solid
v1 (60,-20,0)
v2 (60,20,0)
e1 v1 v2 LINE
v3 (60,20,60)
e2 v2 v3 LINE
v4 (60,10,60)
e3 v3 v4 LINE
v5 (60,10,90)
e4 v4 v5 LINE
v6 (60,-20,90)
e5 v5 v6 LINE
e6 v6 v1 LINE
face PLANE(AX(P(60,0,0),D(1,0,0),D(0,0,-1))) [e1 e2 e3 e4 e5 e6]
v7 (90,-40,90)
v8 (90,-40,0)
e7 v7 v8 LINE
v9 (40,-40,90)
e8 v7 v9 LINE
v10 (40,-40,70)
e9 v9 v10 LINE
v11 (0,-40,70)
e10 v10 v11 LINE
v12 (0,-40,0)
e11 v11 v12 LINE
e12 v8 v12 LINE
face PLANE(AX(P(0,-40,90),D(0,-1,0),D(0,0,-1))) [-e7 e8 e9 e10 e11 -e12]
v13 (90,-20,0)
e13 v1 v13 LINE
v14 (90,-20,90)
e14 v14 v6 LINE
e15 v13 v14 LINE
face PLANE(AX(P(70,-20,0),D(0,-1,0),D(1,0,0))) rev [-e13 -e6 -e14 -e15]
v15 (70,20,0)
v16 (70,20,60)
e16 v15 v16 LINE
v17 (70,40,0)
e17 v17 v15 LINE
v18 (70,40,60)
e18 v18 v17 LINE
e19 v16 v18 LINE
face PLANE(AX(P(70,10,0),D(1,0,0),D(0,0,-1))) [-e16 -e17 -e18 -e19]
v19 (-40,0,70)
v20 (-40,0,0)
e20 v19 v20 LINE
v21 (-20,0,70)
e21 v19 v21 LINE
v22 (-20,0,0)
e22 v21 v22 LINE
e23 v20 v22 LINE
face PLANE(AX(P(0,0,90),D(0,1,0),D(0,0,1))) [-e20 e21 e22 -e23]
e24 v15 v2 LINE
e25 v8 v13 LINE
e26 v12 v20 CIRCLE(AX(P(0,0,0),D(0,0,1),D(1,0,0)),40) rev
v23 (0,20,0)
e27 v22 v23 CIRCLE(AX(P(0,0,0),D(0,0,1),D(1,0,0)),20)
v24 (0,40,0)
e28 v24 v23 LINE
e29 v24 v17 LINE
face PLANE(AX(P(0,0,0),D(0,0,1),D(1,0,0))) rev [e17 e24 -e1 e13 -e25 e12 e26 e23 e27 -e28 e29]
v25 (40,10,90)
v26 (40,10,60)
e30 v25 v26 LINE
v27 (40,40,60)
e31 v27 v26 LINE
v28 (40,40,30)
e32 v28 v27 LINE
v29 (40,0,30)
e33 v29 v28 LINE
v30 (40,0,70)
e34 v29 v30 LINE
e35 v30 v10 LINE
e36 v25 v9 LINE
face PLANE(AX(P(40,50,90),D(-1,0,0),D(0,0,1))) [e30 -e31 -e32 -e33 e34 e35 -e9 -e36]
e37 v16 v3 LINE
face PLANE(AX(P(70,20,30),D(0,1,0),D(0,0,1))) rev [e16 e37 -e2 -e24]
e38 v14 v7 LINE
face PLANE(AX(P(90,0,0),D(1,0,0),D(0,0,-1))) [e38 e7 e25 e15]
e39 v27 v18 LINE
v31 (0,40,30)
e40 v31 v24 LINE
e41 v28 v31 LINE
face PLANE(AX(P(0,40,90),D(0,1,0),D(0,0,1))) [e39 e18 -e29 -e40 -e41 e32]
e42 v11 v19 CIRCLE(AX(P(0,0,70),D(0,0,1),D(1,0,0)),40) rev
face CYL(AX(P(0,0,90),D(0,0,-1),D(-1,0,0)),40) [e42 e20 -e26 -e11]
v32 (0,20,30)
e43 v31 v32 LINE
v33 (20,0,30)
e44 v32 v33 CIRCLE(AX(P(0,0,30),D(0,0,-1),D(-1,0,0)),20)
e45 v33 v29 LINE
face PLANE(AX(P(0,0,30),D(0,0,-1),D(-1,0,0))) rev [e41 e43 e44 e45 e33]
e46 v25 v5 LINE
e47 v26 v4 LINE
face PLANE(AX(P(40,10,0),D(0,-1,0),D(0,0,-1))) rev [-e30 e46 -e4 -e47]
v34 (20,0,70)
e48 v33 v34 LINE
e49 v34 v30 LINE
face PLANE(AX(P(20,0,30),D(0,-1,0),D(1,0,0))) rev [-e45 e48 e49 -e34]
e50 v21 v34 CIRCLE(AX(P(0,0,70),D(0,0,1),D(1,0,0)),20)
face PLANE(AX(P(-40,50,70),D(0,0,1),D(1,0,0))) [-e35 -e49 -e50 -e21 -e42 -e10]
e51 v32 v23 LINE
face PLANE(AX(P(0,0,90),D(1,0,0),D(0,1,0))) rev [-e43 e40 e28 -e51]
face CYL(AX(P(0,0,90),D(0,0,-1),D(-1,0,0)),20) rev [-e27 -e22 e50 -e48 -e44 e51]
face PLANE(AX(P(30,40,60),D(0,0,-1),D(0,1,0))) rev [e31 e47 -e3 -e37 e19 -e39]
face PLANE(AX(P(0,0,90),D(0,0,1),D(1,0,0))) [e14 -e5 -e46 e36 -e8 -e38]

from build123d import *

# Parameters (mm, degrees)
BOSS_EXTRUDE1_DEPTH  = 90
SKETCH2_W            = 30
SKETCH2_H            = 40
CUT_EXTRUDE1_DEPTH   = 90
SKETCH3_W            = 20
SKETCH3_H            = 20
CUT_EXTRUDE2_DEPTH   = 90
SKETCH4_W            = 80
SKETCH4_H            = 20
CUT_EXTRUDE3_DEPTH   = 90
SKETCH5_W            = 30
SKETCH5_H            = 30
CUT_EXTRUDE4_DEPTH   = 90
CUT_EXTRUDE6_DEPTH   = 40
BOSS_EXTRUDE6_DEPTH  = 30
CUT_EXTRUDE7_DEPTH   = 20
SKETCH12_W           = 10
SKETCH12_H           = 30
CUT_EXTRUDE8_DEPTH   = 20
SKETCH13_W           = 20
SKETCH13_H           = 30
CUT_EXTRUDE9_DEPTH   = 20
SKETCH14_W           = 21.421822341
SKETCH14_H           = 40
BOSS_EXTRUDE7_DEPTH  = 10
SKETCH16_W           = 20
SKETCH16_H           = 60
BOSS_EXTRUDE8_DEPTH  = 30
SKETCH17_W           = 30
SKETCH17_H           = 30
CUT_EXTRUDE10_DEPTH  = 20
SKETCH18_W           = 90
SKETCH18_H           = 30
BOSS_EXTRUDE9_DEPTH  = 10
SKETCH19_W           = 90
SKETCH19_H           = 20
BOSS_EXTRUDE10_DEPTH = 20
SKETCH21_W           = 10.0001
SKETCH21_H           = 30
BOSS_EXTRUDE13_DEPTH = 30
SKETCH22_W           = 10
SKETCH22_H           = 30
CUT_EXTRUDE13_DEPTH  = 29.999
SKETCH23_W           = 30
SKETCH23_H           = 29.999
CUT_EXTRUDE14_DEPTH  = 1
SKETCH24_W           = 10.0001
SKETCH24_H           = 30
CUT_EXTRUDE15_DEPTH  = 1
SKETCH25_W           = 10
SKETCH25_H           = 30
CUT_EXTRUDE16_DEPTH  = 10
SKETCH27_W           = 10
SKETCH27_H           = 10
CUT_EXTRUDE18_DEPTH  = 30
SKETCH30_W           = 20
SKETCH30_H           = 20
BOSS_EXTRUDE16_DEPTH = 30
SKETCH31_W           = 30
SKETCH31_H           = 20
BOSS_EXTRUDE17_DEPTH = 10


with BuildPart() as part:
    # Sketch1 → Boss-Extrude1 (new body)
    with BuildSketch(Plane.XY):
        with BuildLine():
            ThreePointArc((0, -40), (40, 0), (0, 40))
            Line((0, 40), (0, 20))
            ThreePointArc((0, 20), (14.142135624, 14.142135624), (20, 0))
            ThreePointArc((20, 0), (0, -20), (-20, 0))
            Line((-20, 0), (-40, 0))
            ThreePointArc((-40, 0), (-28.284271247, -28.284271247), (0, -40))
        make_face()
        with BuildLine():
            Line((70, 40), (0, 40))
            ThreePointArc((0, 40), (40, 0), (0, -40))
            Line((0, -40), (70, -40))
            Line((70, -40), (70, 40))
        make_face()
    extrude(amount=BOSS_EXTRUDE1_DEPTH)

    # Sketch2 → Cut-Extrude1 (cut)
    with BuildSketch(Plane.XY.offset(90)):
        with Locations((55, 0)):
            Rectangle(SKETCH2_W, SKETCH2_H)
    extrude(amount=-CUT_EXTRUDE1_DEPTH, mode=Mode.SUBTRACT)

    # Sketch3 → Cut-Extrude2 (cut)
    with BuildSketch(Plane.XY.offset(90)):
        with Locations((60, 30)):
            Rectangle(SKETCH3_W, SKETCH3_H)
    extrude(amount=-CUT_EXTRUDE2_DEPTH, mode=Mode.SUBTRACT)

    # Sketch4 → Cut-Extrude3 (cut)
    with BuildSketch(Plane(origin=(0, -40, 0), x_dir=(1, 0, 0), z_dir=(0, 1, 0))):
        with Locations((0, -80)):
            Rectangle(SKETCH4_W, SKETCH4_H)
    extrude(amount=CUT_EXTRUDE3_DEPTH, mode=Mode.SUBTRACT)

    # Sketch5 → Cut-Extrude4 (cut)
    with BuildSketch(Plane(origin=(0, 0, 0), x_dir=(0, 0, -1), z_dir=(1, 0, 0))):
        with Locations((-85, 25)):
            Rectangle(SKETCH5_W, SKETCH5_H)
    extrude(amount=CUT_EXTRUDE4_DEPTH, mode=Mode.SUBTRACT)

    # Sketch7 → Cut-Extrude6 (cut)
    with BuildSketch(Plane.XY.offset(70)):
        with BuildLine():
            Line((20, 0), (40, 0))
            Line((40, 0), (40, 40))
            Line((40, 40), (0, 40))
            Line((0, 40), (0, 20))
            ThreePointArc((0, 20), (14.142135624, 14.142135624), (20, 0))
        make_face()
    extrude(amount=-CUT_EXTRUDE6_DEPTH, mode=Mode.SUBTRACT)

    # Sketch10 → Boss-Extrude6 (add)
    with BuildSketch(Plane(origin=(70, 0, 0), x_dir=(0, 0, -1), z_dir=(1, 0, 0))):
        Polygon((-70, 20), (-70, 10), (-90, 10), (-90, -20), (-37.089362558, -20), (-21.421822341, -20), (-21.421822341, 20), align=None)
    extrude(amount=-BOSS_EXTRUDE6_DEPTH)

    # Sketch11 → Cut-Extrude7 (cut)
    with BuildSketch(Plane(origin=(70, 0, 0), x_dir=(0, 0, -1), z_dir=(1, 0, 0))):
        Polygon((-21.421822341, -20), (-70, -20), (-70, 10), (-70, 20), (-21.421822341, 20), align=None)
    extrude(amount=-CUT_EXTRUDE7_DEPTH, mode=Mode.SUBTRACT)

    # Sketch12 → Cut-Extrude8 (cut)
    with BuildSketch(Plane(origin=(50, 0, 0), x_dir=(0, 0, -1), z_dir=(1, 0, 0))):
        with Locations((-65, 25)):
            Rectangle(SKETCH12_W, SKETCH12_H)
    extrude(amount=-CUT_EXTRUDE8_DEPTH, mode=Mode.SUBTRACT)

    # Sketch13 → Cut-Extrude9 (cut)
    with BuildSketch(Plane(origin=(0, 0, 70), x_dir=(-1, 0, 0), z_dir=(0, 0, -1))):
        with Locations((-60, -5)):
            Rectangle(SKETCH13_W, SKETCH13_H)
    extrude(amount=-CUT_EXTRUDE9_DEPTH, mode=Mode.SUBTRACT)

    # Sketch14 → Boss-Extrude7 (add)
    with BuildSketch(Plane(origin=(40, 0, 0), x_dir=(0, 0, -1), z_dir=(1, 0, 0))):
        with Locations((-10.710911171, 0)):
            Rectangle(SKETCH14_W, SKETCH14_H)
    extrude(amount=BOSS_EXTRUDE7_DEPTH)

    # Sketch16 → Boss-Extrude8 (add)
    with BuildSketch(Plane(origin=(0, 40, 0), x_dir=(1, 0, 0), z_dir=(0, 1, 0))):
        with Locations((60, -30)):
            Rectangle(SKETCH16_W, SKETCH16_H)
    extrude(amount=-BOSS_EXTRUDE8_DEPTH)

    # Sketch17 → Cut-Extrude10 (cut)
    with BuildSketch(Plane(origin=(70, 0, 0), x_dir=(0, 0, -1), z_dir=(1, 0, 0))):
        with Locations((-15, 25)):
            Rectangle(SKETCH17_W, SKETCH17_H)
    extrude(amount=-CUT_EXTRUDE10_DEPTH, mode=Mode.SUBTRACT)

    # Sketch18 → Boss-Extrude9 (add)
    with BuildSketch(Plane(origin=(50, 0, 0), x_dir=(0, 0, -1), z_dir=(1, 0, 0))):
        with Locations((-45, -5)):
            Rectangle(SKETCH18_W, SKETCH18_H)
    extrude(amount=BOSS_EXTRUDE9_DEPTH)

    # Sketch19 → Boss-Extrude10 (add)
    with BuildSketch(Plane(origin=(70, 0, 0), x_dir=(0, 0, -1), z_dir=(1, 0, 0))):
        with Locations((-45, -30)):
            Rectangle(SKETCH19_W, SKETCH19_H)
    extrude(amount=BOSS_EXTRUDE10_DEPTH)

    # Sketch21 → Boss-Extrude13 (add)
    with BuildSketch(Plane(origin=(0, 0, 30), x_dir=(-1, 0, 0), z_dir=(0, 0, -1))):
        with Locations((-64.99995, 25)):
            Rectangle(SKETCH21_W, SKETCH21_H)
    extrude(amount=BOSS_EXTRUDE13_DEPTH)

    # Sketch22 → Cut-Extrude13 (cut)
    with BuildSketch(Plane.XZ.offset(-10)):
        with Locations((65, 15)):
            Rectangle(SKETCH22_W, SKETCH22_H)
    extrude(amount=-CUT_EXTRUDE13_DEPTH, mode=Mode.SUBTRACT)

    # Sketch23 → Cut-Extrude14 (cut)
    with BuildSketch(Plane(origin=(60, 0, 0), x_dir=(0, 0, -1), z_dir=(1, 0, 0))):
        with Locations((-15, 24.9995)):
            Rectangle(SKETCH23_W, SKETCH23_H)
    extrude(amount=-CUT_EXTRUDE14_DEPTH, mode=Mode.SUBTRACT)

    # Sketch24 → Cut-Extrude15 (cut)
    with BuildSketch(Plane.XZ.offset(-39.999)):
        with Locations((64.99995, 15)):
            Rectangle(SKETCH24_W, SKETCH24_H)
    extrude(amount=-CUT_EXTRUDE15_DEPTH, mode=Mode.SUBTRACT)

    # Sketch25 → Cut-Extrude16 (cut)
    with BuildSketch(Plane(origin=(0, 10, 0), x_dir=(1, 0, 0), z_dir=(0, 1, 0))):
        with Locations((55, -15)):
            Rectangle(SKETCH25_W, SKETCH25_H)
    extrude(amount=-CUT_EXTRUDE16_DEPTH, mode=Mode.SUBTRACT)

    # Sketch27 → Cut-Extrude18 (cut)
    with BuildSketch(Plane.XY.offset(60)):
        with Locations((65, 15)):
            Rectangle(SKETCH27_W, SKETCH27_H)
    extrude(amount=-CUT_EXTRUDE18_DEPTH, mode=Mode.SUBTRACT)

    # Sketch30 → Boss-Extrude16 (add)
    with BuildSketch(Plane(origin=(0, 0, 30), x_dir=(-1, 0, 0), z_dir=(0, 0, -1))):
        with Locations((-60, 30)):
            Rectangle(SKETCH30_W, SKETCH30_H)
    extrude(amount=BOSS_EXTRUDE16_DEPTH)

    # Sketch31 → Boss-Extrude17 (add)
    with BuildSketch(Plane(origin=(50, 0, 0), x_dir=(0, 0, -1), z_dir=(1, 0, 0))):
        with Locations((-15, 10)):
            Rectangle(SKETCH31_W, SKETCH31_H)
    extrude(amount=BOSS_EXTRUDE17_DEPTH)


solid = part.part
